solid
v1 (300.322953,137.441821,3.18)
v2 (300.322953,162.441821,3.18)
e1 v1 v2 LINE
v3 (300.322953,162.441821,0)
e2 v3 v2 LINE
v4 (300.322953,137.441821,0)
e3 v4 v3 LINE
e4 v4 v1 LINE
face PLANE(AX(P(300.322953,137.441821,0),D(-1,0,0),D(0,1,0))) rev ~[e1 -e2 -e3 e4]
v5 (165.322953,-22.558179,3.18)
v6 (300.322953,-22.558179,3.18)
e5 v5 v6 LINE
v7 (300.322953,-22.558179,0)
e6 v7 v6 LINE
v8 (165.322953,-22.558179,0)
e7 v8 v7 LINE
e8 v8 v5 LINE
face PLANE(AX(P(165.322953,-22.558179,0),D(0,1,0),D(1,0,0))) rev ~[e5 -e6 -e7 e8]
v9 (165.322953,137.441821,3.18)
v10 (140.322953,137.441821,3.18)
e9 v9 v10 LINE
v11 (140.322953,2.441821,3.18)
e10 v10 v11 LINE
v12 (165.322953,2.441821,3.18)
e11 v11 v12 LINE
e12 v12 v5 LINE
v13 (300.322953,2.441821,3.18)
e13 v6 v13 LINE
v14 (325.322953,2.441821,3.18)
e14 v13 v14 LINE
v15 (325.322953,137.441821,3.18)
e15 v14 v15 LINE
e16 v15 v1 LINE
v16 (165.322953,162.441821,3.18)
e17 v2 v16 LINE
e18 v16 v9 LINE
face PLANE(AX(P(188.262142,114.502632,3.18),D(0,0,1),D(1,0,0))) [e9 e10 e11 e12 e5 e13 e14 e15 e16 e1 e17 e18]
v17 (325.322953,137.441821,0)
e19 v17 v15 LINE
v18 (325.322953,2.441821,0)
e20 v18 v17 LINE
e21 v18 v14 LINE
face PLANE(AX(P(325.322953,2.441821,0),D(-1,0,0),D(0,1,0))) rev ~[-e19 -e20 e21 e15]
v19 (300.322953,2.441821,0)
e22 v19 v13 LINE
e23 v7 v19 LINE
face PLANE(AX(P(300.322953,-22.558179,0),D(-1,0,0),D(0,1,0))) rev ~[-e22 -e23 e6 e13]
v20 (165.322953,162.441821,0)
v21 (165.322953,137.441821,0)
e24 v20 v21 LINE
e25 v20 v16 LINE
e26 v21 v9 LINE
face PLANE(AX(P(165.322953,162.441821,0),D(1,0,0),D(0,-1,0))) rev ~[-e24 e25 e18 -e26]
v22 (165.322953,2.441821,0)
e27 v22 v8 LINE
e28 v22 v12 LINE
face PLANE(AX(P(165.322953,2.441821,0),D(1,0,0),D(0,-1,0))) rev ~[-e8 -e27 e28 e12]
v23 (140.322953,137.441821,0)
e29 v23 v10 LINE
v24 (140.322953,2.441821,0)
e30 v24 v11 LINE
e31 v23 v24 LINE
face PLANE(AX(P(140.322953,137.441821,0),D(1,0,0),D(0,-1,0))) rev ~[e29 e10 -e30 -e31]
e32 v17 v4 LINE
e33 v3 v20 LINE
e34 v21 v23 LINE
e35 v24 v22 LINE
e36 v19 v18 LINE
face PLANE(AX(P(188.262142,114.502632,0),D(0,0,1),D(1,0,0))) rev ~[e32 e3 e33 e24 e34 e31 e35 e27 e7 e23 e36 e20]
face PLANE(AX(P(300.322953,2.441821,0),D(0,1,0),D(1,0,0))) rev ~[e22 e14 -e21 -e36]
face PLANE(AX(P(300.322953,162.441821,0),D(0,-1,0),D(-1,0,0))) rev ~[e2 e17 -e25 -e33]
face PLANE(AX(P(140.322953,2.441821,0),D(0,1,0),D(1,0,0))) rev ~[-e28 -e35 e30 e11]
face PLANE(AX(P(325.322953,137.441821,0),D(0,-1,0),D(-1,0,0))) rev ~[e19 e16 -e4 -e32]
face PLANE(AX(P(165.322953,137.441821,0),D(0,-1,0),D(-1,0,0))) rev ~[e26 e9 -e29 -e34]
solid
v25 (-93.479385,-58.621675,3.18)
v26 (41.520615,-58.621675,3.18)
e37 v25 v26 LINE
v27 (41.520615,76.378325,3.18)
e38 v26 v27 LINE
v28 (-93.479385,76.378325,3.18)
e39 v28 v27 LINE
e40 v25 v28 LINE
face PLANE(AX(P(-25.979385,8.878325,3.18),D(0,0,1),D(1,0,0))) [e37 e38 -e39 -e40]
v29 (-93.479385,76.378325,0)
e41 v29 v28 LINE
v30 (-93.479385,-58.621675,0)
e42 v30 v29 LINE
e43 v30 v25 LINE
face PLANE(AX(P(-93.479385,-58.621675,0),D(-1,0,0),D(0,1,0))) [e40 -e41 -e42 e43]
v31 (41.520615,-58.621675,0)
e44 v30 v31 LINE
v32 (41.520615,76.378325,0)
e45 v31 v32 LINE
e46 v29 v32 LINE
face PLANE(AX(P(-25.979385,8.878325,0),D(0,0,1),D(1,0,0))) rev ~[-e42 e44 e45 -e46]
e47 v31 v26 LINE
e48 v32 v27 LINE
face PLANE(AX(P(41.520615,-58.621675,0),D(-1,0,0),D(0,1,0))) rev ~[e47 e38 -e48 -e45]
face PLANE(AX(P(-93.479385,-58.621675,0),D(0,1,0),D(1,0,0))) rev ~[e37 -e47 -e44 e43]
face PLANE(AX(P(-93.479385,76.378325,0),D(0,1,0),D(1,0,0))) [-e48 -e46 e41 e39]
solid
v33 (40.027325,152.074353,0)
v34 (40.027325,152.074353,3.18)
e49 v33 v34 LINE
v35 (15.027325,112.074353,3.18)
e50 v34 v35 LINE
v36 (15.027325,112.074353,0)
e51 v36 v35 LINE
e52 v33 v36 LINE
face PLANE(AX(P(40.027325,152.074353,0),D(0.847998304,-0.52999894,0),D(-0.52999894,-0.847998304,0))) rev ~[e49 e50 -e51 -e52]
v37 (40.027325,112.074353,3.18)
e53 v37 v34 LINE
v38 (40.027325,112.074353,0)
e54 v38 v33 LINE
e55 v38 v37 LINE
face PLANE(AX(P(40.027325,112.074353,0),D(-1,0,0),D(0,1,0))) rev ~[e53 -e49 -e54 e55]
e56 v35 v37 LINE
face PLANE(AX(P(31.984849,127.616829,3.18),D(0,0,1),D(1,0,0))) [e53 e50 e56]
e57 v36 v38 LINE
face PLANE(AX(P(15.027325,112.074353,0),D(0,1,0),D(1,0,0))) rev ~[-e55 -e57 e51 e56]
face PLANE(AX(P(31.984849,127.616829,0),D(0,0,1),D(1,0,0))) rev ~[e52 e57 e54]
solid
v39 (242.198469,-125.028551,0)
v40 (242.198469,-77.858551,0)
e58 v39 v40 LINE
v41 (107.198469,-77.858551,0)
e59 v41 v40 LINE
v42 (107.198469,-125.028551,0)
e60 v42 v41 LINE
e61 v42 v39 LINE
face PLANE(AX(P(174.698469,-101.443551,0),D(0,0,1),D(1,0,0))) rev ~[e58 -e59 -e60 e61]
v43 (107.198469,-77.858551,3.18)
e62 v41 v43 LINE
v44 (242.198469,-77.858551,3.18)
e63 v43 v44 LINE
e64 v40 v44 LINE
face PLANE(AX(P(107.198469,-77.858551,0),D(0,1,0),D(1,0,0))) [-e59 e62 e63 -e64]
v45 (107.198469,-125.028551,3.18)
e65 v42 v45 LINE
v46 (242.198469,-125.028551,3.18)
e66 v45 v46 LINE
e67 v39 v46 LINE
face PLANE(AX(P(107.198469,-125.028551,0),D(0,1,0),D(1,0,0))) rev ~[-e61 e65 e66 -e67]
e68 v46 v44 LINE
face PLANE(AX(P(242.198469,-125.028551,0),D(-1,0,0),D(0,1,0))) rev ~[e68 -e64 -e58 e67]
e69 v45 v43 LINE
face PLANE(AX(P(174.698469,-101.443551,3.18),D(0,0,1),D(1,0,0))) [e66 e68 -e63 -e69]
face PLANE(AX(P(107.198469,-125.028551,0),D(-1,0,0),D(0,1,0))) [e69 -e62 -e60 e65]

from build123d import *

# Parameters (mm, degrees)
F0_W     = 135
F0_H     = 135
F0_H_2   = 47.17
F1_DEPTH = 3.18


with BuildPart() as f1:
    # F0 (on Top) → F1 (new body)
    with BuildSketch(Plane.XY):
        with Locations((-25.979385, 8.878325)):
            Rectangle(F0_W, F0_H)
        Polygon((40.027325, 112.074353), (40.027325, 152.074353), (15.027325, 112.074353), align=None)
        with Locations((174.698469, -101.443551)):
            Rectangle(F0_W, F0_H_2)
        Polygon((232.822953, 69.941821), (232.822953, 162.441821), (165.322953, 162.441821), (165.322953, 137.441821), (140.322953, 137.441821), (140.322953, 69.941821), align=None)
        Polygon((232.822953, -22.558179), (232.822953, 69.941821), (140.322953, 69.941821), (140.322953, 2.441821), (165.322953, 2.441821), (165.322953, -22.558179), align=None)
        Polygon((325.322953, 2.441821), (325.322953, 69.941821), (232.822953, 69.941821), (232.822953, -22.558179), (300.322953, -22.558179), (300.322953, 2.441821), align=None)
        Polygon((300.322953, 137.441821), (300.322953, 162.441821), (232.822953, 162.441821), (232.822953, 69.941821), (325.322953, 69.941821), (325.322953, 137.441821), align=None)
    extrude(amount=F1_DEPTH)


solid = f1.part
